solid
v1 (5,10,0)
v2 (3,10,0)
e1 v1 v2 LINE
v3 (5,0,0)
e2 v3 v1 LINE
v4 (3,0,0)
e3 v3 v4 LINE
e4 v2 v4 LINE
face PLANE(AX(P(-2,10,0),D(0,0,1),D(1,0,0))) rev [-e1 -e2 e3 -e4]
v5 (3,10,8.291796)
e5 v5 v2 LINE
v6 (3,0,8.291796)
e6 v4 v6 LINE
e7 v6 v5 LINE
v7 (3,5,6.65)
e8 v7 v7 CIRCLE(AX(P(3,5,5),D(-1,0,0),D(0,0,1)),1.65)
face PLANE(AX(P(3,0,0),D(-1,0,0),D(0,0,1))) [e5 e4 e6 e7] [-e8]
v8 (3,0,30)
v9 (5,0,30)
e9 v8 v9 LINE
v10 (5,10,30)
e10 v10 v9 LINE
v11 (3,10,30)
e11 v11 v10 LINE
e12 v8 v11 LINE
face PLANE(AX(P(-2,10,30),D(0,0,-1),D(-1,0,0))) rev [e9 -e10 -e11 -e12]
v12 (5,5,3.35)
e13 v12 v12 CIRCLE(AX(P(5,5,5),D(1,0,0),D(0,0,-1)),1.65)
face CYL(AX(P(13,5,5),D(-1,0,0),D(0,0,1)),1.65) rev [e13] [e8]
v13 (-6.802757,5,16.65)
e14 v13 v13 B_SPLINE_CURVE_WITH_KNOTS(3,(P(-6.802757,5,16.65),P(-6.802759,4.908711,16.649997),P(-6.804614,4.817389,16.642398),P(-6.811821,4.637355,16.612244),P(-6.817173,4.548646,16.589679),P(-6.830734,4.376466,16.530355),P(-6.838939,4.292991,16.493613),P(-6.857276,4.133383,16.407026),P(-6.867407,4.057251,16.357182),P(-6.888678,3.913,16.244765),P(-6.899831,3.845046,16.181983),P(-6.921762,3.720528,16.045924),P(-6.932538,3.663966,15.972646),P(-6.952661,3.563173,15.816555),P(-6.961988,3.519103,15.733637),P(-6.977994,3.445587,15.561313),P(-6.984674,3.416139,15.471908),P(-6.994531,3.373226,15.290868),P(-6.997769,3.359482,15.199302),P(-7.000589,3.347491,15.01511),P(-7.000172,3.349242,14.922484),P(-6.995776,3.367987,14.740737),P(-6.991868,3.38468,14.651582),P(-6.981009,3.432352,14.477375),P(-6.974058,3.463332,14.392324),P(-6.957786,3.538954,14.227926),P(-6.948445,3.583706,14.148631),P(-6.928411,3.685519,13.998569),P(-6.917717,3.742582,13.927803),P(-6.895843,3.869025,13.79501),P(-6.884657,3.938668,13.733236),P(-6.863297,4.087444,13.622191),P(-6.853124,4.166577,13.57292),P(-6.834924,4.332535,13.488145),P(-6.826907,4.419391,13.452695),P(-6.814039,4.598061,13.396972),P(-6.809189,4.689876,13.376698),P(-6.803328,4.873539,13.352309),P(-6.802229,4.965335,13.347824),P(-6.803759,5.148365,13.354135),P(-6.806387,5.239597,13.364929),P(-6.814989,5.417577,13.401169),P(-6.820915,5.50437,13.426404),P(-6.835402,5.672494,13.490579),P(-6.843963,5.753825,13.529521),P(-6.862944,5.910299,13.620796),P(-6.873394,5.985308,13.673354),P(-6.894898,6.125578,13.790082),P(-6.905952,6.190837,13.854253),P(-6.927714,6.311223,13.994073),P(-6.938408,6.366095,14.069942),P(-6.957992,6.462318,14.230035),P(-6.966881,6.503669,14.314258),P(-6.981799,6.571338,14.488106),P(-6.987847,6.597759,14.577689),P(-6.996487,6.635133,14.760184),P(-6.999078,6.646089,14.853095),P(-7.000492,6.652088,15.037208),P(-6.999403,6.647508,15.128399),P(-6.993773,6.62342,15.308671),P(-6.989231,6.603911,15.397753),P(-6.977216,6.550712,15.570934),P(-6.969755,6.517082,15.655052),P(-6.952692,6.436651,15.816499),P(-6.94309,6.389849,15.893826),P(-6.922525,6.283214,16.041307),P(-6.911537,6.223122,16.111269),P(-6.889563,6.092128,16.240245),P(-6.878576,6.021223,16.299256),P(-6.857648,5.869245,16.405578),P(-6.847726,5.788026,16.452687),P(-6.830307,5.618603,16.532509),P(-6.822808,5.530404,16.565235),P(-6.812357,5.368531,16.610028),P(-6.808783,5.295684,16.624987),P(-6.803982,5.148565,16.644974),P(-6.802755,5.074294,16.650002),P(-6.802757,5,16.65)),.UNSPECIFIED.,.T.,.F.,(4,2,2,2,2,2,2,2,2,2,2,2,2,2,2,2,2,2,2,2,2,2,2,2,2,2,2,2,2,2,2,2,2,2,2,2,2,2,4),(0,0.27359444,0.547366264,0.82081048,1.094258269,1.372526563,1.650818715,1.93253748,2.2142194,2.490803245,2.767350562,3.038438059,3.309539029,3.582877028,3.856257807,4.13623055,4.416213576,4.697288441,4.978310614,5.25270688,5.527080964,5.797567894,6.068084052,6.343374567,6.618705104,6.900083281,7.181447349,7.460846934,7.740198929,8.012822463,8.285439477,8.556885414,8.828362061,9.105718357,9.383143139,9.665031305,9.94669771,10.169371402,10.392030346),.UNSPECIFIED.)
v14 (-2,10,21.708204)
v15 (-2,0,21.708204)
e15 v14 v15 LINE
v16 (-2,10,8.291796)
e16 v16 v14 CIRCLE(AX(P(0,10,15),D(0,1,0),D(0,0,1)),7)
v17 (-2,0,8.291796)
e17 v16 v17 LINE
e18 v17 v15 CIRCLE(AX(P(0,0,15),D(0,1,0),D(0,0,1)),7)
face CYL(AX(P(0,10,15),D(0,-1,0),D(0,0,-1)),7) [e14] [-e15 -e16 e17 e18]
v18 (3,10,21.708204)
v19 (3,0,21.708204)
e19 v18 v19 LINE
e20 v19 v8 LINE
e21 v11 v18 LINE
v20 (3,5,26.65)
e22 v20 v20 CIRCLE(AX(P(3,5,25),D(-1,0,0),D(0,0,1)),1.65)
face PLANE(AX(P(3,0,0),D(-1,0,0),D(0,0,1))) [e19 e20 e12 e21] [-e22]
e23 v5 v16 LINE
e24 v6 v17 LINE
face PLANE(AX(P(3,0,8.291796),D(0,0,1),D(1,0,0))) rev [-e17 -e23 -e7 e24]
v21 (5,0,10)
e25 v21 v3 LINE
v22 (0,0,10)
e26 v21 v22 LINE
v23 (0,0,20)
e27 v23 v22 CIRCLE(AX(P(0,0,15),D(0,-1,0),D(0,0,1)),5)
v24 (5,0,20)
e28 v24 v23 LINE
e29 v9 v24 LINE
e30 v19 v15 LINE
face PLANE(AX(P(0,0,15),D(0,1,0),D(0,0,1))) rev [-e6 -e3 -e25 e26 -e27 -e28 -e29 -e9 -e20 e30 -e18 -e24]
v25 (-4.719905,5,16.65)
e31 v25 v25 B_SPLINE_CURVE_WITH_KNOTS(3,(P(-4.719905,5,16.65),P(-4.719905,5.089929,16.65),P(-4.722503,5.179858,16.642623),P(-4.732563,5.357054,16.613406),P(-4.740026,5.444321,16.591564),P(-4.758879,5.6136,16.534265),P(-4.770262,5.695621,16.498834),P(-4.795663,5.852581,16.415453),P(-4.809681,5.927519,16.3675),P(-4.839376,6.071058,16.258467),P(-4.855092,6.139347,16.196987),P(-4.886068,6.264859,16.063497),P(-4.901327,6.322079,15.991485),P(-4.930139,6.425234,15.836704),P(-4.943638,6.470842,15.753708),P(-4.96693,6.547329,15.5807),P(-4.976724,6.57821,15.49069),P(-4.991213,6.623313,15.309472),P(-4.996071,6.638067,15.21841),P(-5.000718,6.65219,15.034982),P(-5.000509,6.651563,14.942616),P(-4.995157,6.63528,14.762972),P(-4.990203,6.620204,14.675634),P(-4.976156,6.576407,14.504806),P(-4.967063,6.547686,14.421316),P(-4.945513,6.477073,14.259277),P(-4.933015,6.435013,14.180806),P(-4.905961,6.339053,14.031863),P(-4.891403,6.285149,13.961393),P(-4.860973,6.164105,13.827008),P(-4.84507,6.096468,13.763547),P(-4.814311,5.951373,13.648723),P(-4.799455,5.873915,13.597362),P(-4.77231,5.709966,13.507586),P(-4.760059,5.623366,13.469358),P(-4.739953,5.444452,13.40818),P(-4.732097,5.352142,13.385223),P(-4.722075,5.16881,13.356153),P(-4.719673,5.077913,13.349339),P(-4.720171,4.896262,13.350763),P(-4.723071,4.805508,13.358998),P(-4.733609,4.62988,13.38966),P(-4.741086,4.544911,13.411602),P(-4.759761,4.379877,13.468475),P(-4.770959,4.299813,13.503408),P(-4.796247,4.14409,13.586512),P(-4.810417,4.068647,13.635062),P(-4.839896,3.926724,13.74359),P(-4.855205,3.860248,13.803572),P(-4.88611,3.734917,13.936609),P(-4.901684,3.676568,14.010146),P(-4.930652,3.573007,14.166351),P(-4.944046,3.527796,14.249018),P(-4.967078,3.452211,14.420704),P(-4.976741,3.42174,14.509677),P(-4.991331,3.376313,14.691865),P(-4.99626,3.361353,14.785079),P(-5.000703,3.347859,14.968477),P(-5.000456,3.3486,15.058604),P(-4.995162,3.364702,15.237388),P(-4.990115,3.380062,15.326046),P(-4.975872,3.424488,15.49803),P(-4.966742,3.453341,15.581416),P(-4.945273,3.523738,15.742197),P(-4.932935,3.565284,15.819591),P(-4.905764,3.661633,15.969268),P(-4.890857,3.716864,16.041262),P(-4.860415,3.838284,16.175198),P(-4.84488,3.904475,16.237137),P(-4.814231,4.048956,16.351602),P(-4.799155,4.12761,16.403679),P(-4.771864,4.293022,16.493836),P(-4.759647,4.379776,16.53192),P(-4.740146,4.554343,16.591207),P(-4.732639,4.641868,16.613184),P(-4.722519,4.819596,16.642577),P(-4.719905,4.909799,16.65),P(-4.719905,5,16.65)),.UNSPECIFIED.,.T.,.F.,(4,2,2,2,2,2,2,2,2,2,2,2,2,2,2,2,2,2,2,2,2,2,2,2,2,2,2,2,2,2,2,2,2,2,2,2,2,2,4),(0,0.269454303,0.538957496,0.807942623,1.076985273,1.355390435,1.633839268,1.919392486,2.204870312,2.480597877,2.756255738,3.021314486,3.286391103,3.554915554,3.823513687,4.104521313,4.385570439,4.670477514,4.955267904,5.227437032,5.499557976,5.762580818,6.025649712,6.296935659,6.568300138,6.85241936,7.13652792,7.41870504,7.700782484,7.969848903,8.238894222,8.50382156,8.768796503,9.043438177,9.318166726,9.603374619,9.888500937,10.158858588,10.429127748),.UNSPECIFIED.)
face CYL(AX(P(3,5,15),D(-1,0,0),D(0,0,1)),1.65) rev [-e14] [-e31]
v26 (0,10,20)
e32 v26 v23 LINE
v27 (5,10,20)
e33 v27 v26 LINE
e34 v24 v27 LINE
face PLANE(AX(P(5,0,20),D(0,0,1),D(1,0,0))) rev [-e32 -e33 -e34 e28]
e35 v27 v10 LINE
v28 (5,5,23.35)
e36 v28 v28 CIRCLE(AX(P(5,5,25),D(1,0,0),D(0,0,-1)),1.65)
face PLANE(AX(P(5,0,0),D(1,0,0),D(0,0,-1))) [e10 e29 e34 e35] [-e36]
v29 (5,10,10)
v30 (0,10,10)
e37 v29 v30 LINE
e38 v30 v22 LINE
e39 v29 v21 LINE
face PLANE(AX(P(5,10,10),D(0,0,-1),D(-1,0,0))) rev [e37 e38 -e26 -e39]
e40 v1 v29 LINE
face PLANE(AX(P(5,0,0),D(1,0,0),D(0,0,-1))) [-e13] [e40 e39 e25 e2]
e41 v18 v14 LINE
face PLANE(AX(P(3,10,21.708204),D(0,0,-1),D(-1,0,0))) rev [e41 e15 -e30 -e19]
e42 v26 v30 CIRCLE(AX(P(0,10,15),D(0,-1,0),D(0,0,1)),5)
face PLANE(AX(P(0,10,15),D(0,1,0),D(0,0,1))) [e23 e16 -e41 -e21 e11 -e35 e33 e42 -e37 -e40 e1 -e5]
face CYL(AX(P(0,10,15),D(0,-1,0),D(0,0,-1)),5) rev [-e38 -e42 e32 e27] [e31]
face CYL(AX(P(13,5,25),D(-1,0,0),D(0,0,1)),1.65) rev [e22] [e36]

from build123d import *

# Parameters (mm, degrees)
EXTRUDE_1_DEPTH              = 10
HOLE_WIZARD_M3_2_D           = 2.5
HOLE_WIZARD_M3_2_CSINK_D     = 2.55
HOLE_WIZARD_M3_2_CSINK_ANGLE = 90
SKETCH_15_W                  = 10
SKETCH_15_H                  = 10
EXTRUDE_2_DEPTH              = 5
HOLE_WIZARD_M3_1_D           = 2.5
HOLE_WIZARD_M3_1_CSINK_D     = 2.55
HOLE_WIZARD_M3_1_CSINK_ANGLE = 90
SKETCH_21_W                  = 8.291796068
SKETCH_21_H                  = 10
CUT_EXTRUDE_2_DEPTH          = 5
SKETCH_23_R                  = 1.65
CUT_EXTRUDE_3_DEPTH          = 10
SKETCH_24_R                  = 1.65
CUT_EXTRUDE_4_DEPTH          = 10


with BuildPart() as part:
    # 草图1 → 凸台-拉伸1 (new body)
    with BuildSketch(Plane(origin=(0, 0, 0), x_dir=(1, 0, 0), z_dir=(0, 1, 0))):
        with BuildLine():
            Line((0, 0), (0, -10))
            ThreePointArc((0, -10), (-5, -15), (0, -20))
            Line((0, -20), (0, -30))
            Line((0, -30), (-2, -30))
            Line((-2, -30), (-2, -21.708203932))
            ThreePointArc((-2, -21.708203932), (-7, -15), (-2, -8.291796068))
            Line((-2, -8.291796068), (-2, 0))
            Line((-2, 0), (0, 0))
        make_face()
    extrude(amount=EXTRUDE_1_DEPTH)

    # M3 螺纹孔的螺纹孔钻头2 (through all)
    with Locations(Plane.ZY.offset(7)):
        with Locations((15, 5)):
            CounterSinkHole(HOLE_WIZARD_M3_2_D / 2, HOLE_WIZARD_M3_2_CSINK_D / 2, counter_sink_angle=HOLE_WIZARD_M3_2_CSINK_ANGLE)

    # 草图15 → 凸台-拉伸2 (add)
    with BuildSketch(Plane(origin=(0, 0, 0), x_dir=(0, 0, -1), z_dir=(1, 0, 0))):
        with Locations((-5, 5)):
            Rectangle(SKETCH_15_W, SKETCH_15_H)
        with Locations((-25, 5)):
            Rectangle(SKETCH_15_W, SKETCH_15_H)
    extrude(amount=EXTRUDE_2_DEPTH)

    # M3 螺纹孔的螺纹孔钻头1 (through all)
    with Locations(Plane(origin=(5, 0, 0), x_dir=(0, 0, -1), z_dir=(1, 0, 0))):
        with Locations((-5, 5), (-25, 5)):
            CounterSinkHole(HOLE_WIZARD_M3_1_D / 2, HOLE_WIZARD_M3_1_CSINK_D / 2, counter_sink_angle=HOLE_WIZARD_M3_1_CSINK_ANGLE)

    # 草图21 → 切除-拉伸2 (cut)
    with BuildSketch(Plane.ZY.offset(2)):
        with Locations((4.145898034, 5)):
            Rectangle(SKETCH_21_W, SKETCH_21_H)
        with Locations((25.854101966, 5)):
            Rectangle(SKETCH_21_W, SKETCH_21_H)
    extrude(amount=-CUT_EXTRUDE_2_DEPTH, mode=Mode.SUBTRACT)

    # 草图23 → 切除-拉伸3 (cut)
    with BuildSketch(Plane.ZY.offset(-3)):
        with Locations((25, 5)):
            Circle(SKETCH_23_R)
        with Locations((5, 5)):
            Circle(SKETCH_23_R)
    extrude(amount=-CUT_EXTRUDE_3_DEPTH, mode=Mode.SUBTRACT)

    # 草图24 → 切除-拉伸4 (cut)
    with BuildSketch(Plane.ZY.offset(7)):
        with Locations((15, 5)):
            Circle(SKETCH_24_R)
    extrude(amount=-CUT_EXTRUDE_4_DEPTH, mode=Mode.SUBTRACT)


solid = part.part
